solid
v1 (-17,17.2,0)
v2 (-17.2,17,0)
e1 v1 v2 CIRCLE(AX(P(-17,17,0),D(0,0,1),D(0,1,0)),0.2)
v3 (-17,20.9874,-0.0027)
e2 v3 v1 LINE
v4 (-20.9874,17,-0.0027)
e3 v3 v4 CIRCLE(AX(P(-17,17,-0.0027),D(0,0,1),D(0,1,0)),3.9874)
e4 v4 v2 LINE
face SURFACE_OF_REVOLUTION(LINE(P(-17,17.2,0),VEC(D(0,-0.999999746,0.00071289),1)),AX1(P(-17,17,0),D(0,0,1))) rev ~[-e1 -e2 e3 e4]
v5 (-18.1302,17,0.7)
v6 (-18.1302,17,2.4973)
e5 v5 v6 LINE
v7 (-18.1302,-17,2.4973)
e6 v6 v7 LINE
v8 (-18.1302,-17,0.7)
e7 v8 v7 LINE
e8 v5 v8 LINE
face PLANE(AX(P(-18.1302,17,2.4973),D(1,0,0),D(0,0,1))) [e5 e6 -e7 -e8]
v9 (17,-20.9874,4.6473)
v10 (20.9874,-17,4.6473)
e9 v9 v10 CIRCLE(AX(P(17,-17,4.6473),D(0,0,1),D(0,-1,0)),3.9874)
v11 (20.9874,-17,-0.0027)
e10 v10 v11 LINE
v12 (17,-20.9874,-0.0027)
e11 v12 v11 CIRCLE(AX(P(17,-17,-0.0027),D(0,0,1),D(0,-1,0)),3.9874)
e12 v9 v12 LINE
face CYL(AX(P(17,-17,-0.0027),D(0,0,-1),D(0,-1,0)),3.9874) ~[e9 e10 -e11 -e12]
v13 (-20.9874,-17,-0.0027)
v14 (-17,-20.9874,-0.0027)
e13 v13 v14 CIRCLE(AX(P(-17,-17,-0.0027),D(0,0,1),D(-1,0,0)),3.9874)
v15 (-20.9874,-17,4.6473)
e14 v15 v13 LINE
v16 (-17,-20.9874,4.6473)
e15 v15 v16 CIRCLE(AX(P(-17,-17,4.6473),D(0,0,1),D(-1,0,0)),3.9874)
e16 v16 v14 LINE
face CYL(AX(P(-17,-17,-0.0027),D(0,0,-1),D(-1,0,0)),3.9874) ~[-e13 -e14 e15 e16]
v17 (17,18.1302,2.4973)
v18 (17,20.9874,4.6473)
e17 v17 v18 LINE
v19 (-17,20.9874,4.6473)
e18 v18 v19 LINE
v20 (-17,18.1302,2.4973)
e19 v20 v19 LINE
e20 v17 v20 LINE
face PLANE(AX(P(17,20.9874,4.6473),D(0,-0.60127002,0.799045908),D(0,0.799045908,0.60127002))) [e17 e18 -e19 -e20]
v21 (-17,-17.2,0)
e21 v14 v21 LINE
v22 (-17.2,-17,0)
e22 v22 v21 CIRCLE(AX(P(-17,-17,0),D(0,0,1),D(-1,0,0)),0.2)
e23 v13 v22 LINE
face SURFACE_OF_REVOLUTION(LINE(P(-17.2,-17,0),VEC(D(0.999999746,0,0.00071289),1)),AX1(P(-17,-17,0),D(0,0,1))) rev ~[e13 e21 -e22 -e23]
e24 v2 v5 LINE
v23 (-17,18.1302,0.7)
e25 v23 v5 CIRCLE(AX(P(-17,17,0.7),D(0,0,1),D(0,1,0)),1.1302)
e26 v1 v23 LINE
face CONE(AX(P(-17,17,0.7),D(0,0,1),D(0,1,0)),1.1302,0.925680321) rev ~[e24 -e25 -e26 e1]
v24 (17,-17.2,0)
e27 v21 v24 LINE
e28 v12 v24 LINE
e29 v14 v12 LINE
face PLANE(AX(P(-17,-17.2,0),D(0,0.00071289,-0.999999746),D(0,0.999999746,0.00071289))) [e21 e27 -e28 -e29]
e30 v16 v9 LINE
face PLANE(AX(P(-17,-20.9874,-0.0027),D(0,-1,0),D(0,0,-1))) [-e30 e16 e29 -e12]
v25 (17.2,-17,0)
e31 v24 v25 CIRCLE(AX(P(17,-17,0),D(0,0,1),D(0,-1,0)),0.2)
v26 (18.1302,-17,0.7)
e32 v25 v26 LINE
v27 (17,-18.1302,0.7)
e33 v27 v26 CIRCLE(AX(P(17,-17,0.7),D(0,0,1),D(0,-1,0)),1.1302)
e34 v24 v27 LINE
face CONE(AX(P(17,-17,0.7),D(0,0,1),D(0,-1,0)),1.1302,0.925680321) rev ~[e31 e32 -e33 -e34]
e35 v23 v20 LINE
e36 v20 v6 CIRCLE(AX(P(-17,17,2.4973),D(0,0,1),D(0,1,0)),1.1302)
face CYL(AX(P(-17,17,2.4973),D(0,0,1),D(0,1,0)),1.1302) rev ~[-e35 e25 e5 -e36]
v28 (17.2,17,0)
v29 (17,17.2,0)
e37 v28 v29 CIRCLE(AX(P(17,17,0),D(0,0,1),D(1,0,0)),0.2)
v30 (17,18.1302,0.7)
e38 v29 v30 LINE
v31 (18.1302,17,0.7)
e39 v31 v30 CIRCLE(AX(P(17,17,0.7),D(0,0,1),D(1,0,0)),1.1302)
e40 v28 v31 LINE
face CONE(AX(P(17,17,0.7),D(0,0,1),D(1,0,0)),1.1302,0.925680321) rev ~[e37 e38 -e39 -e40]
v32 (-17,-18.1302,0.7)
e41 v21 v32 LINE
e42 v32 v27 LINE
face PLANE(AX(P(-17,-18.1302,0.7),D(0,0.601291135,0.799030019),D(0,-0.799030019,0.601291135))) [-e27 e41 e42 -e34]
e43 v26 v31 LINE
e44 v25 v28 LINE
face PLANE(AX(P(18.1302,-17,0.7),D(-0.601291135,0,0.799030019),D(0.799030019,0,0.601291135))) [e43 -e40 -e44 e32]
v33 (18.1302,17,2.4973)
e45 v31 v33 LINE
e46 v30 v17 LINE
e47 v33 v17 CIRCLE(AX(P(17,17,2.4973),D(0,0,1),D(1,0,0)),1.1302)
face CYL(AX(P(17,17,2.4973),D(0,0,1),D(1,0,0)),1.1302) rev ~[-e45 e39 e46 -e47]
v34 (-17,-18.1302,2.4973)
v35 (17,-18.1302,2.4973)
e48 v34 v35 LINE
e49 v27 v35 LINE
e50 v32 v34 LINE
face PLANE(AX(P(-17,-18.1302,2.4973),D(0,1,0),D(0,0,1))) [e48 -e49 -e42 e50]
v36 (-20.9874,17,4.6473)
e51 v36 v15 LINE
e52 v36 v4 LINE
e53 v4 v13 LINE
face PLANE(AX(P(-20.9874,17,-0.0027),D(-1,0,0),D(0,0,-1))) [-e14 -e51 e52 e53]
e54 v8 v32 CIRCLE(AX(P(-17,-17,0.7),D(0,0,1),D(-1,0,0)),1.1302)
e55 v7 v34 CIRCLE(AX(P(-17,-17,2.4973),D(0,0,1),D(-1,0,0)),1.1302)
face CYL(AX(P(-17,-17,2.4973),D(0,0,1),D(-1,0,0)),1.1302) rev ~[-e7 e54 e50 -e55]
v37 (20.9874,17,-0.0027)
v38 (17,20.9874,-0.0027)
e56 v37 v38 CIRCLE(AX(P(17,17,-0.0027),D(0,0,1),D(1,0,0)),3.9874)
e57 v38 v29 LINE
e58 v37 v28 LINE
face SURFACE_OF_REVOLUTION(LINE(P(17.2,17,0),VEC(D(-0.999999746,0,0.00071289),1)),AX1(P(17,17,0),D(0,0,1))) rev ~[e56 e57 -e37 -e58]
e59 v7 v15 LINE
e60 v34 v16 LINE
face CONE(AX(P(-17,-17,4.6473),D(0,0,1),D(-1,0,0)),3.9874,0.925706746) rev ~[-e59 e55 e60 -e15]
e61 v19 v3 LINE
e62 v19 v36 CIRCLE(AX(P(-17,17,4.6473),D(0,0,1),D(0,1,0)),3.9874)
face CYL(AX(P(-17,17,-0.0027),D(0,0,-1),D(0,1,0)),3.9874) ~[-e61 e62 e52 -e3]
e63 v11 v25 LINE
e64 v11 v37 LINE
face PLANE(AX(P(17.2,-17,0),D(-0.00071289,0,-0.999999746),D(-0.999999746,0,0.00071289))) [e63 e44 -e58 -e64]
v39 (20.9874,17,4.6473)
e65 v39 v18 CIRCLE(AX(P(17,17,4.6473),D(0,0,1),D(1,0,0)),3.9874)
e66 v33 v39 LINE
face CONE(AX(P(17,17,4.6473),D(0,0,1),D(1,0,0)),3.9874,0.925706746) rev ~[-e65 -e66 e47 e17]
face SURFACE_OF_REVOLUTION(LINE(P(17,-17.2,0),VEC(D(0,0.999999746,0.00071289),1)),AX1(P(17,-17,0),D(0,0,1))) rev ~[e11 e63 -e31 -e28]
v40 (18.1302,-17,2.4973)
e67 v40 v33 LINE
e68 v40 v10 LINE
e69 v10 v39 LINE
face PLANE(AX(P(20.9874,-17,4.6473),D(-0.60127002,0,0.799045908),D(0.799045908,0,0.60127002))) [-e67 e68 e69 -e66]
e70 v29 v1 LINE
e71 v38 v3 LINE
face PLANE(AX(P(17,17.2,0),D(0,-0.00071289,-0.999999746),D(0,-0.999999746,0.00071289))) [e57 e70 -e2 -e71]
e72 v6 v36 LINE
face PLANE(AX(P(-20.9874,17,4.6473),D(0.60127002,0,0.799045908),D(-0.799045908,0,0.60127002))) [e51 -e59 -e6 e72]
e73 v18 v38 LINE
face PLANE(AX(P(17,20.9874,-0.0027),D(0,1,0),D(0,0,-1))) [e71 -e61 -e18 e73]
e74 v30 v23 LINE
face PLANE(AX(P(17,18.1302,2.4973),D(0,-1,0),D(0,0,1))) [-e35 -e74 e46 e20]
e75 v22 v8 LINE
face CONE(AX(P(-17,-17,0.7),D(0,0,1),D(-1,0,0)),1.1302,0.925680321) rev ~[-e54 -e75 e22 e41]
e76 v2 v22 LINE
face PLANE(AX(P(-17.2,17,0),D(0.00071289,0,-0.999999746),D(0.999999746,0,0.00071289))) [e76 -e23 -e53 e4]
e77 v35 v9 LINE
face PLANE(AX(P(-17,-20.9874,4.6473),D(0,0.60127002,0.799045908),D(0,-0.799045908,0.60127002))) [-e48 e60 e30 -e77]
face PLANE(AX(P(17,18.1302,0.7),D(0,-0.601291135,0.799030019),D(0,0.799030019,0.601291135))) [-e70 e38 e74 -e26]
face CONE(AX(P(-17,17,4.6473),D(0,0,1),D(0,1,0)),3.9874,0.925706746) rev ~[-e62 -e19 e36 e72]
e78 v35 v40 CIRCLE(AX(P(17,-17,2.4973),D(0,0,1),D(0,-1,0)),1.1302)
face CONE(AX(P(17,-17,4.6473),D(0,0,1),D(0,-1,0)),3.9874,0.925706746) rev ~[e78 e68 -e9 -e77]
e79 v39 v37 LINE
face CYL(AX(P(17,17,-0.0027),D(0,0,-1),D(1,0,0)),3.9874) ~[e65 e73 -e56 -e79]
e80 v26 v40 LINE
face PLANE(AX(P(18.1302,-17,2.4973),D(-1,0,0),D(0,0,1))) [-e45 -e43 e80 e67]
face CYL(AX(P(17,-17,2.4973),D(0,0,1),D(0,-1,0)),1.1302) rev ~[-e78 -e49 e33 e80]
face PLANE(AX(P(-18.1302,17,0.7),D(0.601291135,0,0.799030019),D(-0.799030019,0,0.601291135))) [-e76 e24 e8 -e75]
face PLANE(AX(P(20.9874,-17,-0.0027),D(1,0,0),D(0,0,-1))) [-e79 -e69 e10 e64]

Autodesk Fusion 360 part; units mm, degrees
sketch "Sketch1" plane through (0, 0, 0) normal (0, 0, 1) x (1, 0, 0)
  line L0 (17, 21) -> (-17, 21)
  line L1 (-21, 17) -> (-21, -17)
  line L2 (-17, -21) -> (17, -21)
  line L3 (21, -17) -> (21, 17)
  line L4 (21, 21) -> (-21, -21) construction
  line L5 (-21, 21) -> (21, -21) construction
  arc A0 (-17, 21) -> (-21, 17) centre (-17, 17) ccw
  arc A1 (21, 17) -> (17, 21) centre (17, 17) ccw
  arc A2 (17, -21) -> (21, -17) centre (17, -17) ccw
  arc A3 (-21, -17) -> (-17, -21) centre (-17, -17) ccw
  dimension "d1" = 42
  dimension "d2" = 42
  dimension "d11" = 4
sketch "Sketch3" plane through (0, 0, 0) normal (1, 0, 0) x (0, 1, 0)
  line L0 (-20.9874, -0.0027) -> (-20.9874, 4.6473)
  line L1 (-20.9874, 4.6473) -> (-18.1302, 2.4973)
  line L2 (-18.1302, 2.4973) -> (-18.1302, 0.7)
  line L3 (-18.1302, 0.7) -> (-17.2, 0)
  line L4 (-17.2, 0) -> (-20.9874, -0.0027)
  dimension "d8" = 0.7
  dimension "d9" = 2.15
  dimension "d10" = 4.65
sweep "Sweep1" add profiles "Sketch3" path "Sketch1" along L3 A1 L0 A0 L1 A3 L2 A2 section 1
